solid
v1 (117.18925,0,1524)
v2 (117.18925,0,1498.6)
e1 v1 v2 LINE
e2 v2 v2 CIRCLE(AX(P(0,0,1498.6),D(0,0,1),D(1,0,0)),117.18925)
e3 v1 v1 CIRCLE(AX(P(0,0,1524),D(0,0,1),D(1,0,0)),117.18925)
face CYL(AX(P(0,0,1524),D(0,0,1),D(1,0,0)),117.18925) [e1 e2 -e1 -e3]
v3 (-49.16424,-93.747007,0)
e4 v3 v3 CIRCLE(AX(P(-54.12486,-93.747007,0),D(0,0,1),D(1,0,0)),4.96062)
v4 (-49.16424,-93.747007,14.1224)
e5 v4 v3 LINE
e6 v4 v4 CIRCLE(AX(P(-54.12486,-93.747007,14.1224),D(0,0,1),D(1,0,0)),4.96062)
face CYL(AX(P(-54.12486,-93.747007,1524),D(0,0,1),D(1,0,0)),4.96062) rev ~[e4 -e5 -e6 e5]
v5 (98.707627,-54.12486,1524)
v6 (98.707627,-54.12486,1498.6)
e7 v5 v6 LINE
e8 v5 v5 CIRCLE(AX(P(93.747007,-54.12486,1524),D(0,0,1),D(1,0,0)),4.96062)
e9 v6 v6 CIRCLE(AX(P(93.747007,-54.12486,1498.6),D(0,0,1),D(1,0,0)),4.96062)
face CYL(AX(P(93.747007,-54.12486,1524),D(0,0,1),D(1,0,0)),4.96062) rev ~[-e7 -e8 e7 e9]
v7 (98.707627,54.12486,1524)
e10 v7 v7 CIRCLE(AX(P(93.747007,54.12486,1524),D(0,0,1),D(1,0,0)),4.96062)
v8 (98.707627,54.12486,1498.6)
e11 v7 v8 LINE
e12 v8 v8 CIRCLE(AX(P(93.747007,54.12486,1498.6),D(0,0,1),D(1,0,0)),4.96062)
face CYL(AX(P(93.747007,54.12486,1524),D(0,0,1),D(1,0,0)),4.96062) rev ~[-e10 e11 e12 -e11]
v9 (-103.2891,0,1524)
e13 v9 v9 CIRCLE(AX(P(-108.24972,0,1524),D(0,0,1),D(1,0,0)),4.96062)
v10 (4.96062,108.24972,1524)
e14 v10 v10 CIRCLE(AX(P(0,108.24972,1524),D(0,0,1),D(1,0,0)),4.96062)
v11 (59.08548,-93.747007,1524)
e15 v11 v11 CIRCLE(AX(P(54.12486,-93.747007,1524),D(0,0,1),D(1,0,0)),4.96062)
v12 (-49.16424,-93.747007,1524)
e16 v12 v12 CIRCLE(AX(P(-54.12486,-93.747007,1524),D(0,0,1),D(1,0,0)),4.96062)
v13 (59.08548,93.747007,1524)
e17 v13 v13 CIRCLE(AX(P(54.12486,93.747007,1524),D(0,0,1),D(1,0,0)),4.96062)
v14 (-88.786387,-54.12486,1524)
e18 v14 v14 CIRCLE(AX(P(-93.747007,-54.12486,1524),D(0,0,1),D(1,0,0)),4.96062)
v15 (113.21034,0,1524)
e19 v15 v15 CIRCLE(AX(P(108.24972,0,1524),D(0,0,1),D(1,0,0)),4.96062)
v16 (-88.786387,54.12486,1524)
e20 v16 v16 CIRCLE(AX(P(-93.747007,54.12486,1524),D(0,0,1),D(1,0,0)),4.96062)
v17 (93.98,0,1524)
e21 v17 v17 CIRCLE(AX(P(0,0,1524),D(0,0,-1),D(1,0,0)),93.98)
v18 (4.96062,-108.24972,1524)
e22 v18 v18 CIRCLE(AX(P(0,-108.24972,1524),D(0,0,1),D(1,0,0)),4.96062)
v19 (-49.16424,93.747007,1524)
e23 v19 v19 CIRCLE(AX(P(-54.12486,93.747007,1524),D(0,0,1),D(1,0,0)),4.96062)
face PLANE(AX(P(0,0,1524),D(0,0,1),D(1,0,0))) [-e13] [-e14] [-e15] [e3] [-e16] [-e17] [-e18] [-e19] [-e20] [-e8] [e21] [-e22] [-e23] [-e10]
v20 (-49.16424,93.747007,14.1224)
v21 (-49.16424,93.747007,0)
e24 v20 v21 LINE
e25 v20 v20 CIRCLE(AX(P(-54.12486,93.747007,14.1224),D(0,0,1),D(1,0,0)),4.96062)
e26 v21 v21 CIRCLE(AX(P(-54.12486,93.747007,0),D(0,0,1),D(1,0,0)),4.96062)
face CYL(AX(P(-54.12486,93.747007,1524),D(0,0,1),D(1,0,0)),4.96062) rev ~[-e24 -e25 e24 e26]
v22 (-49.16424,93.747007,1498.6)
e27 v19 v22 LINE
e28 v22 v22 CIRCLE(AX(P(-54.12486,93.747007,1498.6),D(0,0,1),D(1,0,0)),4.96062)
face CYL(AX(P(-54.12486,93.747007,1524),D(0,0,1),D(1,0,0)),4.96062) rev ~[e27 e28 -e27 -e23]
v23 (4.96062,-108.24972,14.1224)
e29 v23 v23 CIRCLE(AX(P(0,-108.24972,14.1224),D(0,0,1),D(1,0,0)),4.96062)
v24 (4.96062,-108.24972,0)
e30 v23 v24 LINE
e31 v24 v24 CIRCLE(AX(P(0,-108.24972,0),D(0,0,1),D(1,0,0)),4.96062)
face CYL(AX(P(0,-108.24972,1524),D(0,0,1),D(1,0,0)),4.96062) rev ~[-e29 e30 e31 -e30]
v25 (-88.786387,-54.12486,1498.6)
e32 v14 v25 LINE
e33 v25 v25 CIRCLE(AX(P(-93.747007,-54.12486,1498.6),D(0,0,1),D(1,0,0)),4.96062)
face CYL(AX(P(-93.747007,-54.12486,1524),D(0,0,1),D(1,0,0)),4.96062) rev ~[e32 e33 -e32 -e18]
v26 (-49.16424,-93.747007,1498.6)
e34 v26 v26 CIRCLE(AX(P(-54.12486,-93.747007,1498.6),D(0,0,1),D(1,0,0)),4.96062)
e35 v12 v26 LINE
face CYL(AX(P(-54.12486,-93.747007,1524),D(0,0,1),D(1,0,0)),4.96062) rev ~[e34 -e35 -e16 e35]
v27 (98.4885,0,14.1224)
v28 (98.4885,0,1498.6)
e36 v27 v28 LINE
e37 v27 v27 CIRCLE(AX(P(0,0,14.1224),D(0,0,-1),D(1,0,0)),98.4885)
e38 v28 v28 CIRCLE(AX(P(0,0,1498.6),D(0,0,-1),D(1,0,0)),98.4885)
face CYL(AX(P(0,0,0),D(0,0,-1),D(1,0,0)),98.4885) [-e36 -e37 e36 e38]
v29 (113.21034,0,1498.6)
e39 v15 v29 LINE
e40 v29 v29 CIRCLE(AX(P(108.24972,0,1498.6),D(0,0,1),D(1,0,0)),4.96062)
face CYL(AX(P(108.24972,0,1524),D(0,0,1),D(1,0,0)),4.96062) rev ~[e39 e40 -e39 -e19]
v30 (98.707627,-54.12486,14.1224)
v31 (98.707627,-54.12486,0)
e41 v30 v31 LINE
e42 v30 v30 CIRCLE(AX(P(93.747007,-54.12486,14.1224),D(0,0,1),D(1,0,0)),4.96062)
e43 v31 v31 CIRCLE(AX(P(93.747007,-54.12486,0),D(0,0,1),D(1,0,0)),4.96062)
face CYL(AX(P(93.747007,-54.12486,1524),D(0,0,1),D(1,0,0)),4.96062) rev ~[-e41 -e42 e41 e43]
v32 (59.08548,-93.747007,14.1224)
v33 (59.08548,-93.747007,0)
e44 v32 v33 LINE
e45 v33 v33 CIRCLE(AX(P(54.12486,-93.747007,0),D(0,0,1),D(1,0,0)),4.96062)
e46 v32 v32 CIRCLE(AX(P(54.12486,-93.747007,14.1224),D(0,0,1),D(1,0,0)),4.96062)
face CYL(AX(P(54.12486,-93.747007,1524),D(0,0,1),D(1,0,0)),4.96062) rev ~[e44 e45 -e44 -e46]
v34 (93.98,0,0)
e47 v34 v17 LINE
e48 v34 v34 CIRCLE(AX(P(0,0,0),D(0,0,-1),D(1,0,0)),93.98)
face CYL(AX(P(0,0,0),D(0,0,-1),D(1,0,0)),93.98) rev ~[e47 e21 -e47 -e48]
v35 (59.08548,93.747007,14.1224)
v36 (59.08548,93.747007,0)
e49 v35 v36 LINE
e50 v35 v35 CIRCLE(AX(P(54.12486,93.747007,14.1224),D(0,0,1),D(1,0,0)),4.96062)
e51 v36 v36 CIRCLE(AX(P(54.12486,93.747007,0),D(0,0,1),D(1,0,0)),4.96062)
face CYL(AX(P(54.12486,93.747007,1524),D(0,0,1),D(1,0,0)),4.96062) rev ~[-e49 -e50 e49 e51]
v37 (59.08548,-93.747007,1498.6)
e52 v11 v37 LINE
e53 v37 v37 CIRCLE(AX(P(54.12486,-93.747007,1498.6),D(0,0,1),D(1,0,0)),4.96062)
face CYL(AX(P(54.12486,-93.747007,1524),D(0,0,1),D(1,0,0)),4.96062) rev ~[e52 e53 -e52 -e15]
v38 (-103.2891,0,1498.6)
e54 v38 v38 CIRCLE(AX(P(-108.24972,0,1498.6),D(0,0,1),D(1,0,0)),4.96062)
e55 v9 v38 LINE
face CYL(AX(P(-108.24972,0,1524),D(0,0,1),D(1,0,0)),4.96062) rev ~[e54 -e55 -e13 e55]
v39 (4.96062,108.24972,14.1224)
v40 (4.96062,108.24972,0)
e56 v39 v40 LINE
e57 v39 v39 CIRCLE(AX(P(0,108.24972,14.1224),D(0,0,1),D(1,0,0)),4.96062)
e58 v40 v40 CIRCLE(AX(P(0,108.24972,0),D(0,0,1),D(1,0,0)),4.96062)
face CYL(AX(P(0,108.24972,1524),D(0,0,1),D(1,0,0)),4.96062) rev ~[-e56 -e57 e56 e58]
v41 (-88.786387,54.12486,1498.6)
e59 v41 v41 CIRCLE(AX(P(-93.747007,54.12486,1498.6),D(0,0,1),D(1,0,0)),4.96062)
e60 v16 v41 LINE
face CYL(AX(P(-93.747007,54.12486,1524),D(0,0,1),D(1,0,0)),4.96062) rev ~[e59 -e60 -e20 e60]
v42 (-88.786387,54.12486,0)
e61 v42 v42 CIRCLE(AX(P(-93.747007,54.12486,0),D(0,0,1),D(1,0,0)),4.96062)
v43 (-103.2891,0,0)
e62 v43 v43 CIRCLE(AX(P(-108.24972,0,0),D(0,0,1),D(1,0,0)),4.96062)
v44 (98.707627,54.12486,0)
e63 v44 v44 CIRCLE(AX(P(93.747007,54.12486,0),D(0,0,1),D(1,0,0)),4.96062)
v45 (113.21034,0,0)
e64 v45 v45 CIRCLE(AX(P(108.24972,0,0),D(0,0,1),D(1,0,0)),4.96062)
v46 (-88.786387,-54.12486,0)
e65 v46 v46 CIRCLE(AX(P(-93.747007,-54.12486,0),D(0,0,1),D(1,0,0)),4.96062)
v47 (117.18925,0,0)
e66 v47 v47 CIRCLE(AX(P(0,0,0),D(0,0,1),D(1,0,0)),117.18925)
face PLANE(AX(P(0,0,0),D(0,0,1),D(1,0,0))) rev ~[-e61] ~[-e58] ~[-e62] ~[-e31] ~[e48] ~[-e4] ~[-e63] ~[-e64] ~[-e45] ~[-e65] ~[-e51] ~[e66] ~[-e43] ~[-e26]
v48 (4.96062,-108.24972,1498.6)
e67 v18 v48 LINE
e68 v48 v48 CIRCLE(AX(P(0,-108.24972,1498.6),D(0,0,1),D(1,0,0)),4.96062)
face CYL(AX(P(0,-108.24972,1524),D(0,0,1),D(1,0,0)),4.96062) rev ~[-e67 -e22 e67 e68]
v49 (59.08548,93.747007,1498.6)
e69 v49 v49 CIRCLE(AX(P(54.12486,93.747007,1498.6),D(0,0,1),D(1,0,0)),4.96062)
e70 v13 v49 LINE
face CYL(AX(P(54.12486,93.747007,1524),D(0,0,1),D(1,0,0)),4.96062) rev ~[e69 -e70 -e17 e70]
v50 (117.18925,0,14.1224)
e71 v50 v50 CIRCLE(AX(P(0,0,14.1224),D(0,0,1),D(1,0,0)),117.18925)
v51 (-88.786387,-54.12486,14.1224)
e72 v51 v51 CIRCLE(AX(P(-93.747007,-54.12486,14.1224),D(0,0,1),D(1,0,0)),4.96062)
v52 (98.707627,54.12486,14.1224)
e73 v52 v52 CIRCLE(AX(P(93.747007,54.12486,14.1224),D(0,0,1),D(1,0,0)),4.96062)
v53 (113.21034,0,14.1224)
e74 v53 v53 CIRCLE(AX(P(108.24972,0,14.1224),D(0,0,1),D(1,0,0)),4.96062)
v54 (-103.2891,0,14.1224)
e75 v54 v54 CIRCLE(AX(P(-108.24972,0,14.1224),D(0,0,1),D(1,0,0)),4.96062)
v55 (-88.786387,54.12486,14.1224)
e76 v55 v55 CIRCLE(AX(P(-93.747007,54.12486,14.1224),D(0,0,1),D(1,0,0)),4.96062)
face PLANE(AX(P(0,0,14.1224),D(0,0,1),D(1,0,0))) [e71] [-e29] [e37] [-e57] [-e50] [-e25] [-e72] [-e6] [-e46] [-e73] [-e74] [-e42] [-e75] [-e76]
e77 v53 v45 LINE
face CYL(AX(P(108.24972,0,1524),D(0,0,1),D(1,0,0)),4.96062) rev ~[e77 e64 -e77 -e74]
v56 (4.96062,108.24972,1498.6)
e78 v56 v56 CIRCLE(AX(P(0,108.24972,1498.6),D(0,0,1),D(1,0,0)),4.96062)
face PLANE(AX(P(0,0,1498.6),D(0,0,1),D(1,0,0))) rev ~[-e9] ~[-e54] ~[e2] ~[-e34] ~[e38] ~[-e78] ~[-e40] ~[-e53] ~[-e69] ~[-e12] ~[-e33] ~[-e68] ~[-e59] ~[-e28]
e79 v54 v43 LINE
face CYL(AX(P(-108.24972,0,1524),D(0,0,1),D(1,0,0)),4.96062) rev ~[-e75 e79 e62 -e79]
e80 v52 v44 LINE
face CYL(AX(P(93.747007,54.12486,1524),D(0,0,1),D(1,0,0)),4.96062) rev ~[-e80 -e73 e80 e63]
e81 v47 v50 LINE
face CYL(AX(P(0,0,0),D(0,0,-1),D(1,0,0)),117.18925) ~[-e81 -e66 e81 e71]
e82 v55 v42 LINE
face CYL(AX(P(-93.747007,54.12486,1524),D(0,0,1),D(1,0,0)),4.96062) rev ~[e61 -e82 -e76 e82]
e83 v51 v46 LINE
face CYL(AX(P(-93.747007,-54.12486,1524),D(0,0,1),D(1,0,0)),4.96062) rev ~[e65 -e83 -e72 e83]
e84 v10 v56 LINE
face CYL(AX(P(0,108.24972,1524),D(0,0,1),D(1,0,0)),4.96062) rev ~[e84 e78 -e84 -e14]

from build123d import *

# Parameters (mm, degrees)
F0_R     = 117.18925
F0_R_2   = 98.46945
F1_DEPTH = 14.1224
F2_R     = 98.4885
F2_R_2   = 93.98
F3_DEPTH = 1524
F4_R     = 117.18925
F4_R_2   = 98.46945
F5_DEPTH = 25.4
F6_R     = 4.96062
F7_DEPTH = 1524.001


with BuildPart() as f1:
    # F0 (on Top) → F1 (new body)
    with BuildSketch(Plane.XY):
        Circle(F0_R)
        Circle(F0_R_2, mode=Mode.SUBTRACT)
    extrude(amount=F1_DEPTH)

    # F2 (on face) → F3 (join)
    with BuildSketch(Plane(origin=(0, 0, 0), x_dir=(1, 0, 0), z_dir=(0, 0, -1))):
        Circle(F2_R)
        Circle(F2_R_2, mode=Mode.SUBTRACT)
    extrude(amount=-F3_DEPTH)

    # F4 (on face) → F5 (join)
    with BuildSketch(Plane.XY.offset(1524)):
        Circle(F4_R)
        Circle(F4_R_2, mode=Mode.SUBTRACT)
    extrude(amount=-F5_DEPTH)

    # F6 (on face) → F7 (cut, through all)
    with BuildSketch(Plane.XY.offset(1524)):
        with Locations((0, -108.24972)):
            Circle(F6_R)
        with Locations((54.12486, -93.747007)):
            Circle(F6_R)
        with Locations((93.747007, -54.12486)):
            Circle(F6_R)
        with Locations((108.24972, 0)):
            Circle(F6_R)
        with Locations((93.747007, 54.12486)):
            Circle(F6_R)
        with Locations((54.12486, 93.747007)):
            Circle(F6_R)
        with Locations((0, 108.24972)):
            Circle(F6_R)
        with Locations((-54.12486, 93.747007)):
            Circle(F6_R)
        with Locations((-93.747007, 54.12486)):
            Circle(F6_R)
        with Locations((-108.24972, 0)):
            Circle(F6_R)
        with Locations((-93.747007, -54.12486)):
            Circle(F6_R)
        with Locations((-54.12486, -93.747007)):
            Circle(F6_R)
    extrude(amount=-F7_DEPTH, mode=Mode.SUBTRACT)


solid = f1.part
